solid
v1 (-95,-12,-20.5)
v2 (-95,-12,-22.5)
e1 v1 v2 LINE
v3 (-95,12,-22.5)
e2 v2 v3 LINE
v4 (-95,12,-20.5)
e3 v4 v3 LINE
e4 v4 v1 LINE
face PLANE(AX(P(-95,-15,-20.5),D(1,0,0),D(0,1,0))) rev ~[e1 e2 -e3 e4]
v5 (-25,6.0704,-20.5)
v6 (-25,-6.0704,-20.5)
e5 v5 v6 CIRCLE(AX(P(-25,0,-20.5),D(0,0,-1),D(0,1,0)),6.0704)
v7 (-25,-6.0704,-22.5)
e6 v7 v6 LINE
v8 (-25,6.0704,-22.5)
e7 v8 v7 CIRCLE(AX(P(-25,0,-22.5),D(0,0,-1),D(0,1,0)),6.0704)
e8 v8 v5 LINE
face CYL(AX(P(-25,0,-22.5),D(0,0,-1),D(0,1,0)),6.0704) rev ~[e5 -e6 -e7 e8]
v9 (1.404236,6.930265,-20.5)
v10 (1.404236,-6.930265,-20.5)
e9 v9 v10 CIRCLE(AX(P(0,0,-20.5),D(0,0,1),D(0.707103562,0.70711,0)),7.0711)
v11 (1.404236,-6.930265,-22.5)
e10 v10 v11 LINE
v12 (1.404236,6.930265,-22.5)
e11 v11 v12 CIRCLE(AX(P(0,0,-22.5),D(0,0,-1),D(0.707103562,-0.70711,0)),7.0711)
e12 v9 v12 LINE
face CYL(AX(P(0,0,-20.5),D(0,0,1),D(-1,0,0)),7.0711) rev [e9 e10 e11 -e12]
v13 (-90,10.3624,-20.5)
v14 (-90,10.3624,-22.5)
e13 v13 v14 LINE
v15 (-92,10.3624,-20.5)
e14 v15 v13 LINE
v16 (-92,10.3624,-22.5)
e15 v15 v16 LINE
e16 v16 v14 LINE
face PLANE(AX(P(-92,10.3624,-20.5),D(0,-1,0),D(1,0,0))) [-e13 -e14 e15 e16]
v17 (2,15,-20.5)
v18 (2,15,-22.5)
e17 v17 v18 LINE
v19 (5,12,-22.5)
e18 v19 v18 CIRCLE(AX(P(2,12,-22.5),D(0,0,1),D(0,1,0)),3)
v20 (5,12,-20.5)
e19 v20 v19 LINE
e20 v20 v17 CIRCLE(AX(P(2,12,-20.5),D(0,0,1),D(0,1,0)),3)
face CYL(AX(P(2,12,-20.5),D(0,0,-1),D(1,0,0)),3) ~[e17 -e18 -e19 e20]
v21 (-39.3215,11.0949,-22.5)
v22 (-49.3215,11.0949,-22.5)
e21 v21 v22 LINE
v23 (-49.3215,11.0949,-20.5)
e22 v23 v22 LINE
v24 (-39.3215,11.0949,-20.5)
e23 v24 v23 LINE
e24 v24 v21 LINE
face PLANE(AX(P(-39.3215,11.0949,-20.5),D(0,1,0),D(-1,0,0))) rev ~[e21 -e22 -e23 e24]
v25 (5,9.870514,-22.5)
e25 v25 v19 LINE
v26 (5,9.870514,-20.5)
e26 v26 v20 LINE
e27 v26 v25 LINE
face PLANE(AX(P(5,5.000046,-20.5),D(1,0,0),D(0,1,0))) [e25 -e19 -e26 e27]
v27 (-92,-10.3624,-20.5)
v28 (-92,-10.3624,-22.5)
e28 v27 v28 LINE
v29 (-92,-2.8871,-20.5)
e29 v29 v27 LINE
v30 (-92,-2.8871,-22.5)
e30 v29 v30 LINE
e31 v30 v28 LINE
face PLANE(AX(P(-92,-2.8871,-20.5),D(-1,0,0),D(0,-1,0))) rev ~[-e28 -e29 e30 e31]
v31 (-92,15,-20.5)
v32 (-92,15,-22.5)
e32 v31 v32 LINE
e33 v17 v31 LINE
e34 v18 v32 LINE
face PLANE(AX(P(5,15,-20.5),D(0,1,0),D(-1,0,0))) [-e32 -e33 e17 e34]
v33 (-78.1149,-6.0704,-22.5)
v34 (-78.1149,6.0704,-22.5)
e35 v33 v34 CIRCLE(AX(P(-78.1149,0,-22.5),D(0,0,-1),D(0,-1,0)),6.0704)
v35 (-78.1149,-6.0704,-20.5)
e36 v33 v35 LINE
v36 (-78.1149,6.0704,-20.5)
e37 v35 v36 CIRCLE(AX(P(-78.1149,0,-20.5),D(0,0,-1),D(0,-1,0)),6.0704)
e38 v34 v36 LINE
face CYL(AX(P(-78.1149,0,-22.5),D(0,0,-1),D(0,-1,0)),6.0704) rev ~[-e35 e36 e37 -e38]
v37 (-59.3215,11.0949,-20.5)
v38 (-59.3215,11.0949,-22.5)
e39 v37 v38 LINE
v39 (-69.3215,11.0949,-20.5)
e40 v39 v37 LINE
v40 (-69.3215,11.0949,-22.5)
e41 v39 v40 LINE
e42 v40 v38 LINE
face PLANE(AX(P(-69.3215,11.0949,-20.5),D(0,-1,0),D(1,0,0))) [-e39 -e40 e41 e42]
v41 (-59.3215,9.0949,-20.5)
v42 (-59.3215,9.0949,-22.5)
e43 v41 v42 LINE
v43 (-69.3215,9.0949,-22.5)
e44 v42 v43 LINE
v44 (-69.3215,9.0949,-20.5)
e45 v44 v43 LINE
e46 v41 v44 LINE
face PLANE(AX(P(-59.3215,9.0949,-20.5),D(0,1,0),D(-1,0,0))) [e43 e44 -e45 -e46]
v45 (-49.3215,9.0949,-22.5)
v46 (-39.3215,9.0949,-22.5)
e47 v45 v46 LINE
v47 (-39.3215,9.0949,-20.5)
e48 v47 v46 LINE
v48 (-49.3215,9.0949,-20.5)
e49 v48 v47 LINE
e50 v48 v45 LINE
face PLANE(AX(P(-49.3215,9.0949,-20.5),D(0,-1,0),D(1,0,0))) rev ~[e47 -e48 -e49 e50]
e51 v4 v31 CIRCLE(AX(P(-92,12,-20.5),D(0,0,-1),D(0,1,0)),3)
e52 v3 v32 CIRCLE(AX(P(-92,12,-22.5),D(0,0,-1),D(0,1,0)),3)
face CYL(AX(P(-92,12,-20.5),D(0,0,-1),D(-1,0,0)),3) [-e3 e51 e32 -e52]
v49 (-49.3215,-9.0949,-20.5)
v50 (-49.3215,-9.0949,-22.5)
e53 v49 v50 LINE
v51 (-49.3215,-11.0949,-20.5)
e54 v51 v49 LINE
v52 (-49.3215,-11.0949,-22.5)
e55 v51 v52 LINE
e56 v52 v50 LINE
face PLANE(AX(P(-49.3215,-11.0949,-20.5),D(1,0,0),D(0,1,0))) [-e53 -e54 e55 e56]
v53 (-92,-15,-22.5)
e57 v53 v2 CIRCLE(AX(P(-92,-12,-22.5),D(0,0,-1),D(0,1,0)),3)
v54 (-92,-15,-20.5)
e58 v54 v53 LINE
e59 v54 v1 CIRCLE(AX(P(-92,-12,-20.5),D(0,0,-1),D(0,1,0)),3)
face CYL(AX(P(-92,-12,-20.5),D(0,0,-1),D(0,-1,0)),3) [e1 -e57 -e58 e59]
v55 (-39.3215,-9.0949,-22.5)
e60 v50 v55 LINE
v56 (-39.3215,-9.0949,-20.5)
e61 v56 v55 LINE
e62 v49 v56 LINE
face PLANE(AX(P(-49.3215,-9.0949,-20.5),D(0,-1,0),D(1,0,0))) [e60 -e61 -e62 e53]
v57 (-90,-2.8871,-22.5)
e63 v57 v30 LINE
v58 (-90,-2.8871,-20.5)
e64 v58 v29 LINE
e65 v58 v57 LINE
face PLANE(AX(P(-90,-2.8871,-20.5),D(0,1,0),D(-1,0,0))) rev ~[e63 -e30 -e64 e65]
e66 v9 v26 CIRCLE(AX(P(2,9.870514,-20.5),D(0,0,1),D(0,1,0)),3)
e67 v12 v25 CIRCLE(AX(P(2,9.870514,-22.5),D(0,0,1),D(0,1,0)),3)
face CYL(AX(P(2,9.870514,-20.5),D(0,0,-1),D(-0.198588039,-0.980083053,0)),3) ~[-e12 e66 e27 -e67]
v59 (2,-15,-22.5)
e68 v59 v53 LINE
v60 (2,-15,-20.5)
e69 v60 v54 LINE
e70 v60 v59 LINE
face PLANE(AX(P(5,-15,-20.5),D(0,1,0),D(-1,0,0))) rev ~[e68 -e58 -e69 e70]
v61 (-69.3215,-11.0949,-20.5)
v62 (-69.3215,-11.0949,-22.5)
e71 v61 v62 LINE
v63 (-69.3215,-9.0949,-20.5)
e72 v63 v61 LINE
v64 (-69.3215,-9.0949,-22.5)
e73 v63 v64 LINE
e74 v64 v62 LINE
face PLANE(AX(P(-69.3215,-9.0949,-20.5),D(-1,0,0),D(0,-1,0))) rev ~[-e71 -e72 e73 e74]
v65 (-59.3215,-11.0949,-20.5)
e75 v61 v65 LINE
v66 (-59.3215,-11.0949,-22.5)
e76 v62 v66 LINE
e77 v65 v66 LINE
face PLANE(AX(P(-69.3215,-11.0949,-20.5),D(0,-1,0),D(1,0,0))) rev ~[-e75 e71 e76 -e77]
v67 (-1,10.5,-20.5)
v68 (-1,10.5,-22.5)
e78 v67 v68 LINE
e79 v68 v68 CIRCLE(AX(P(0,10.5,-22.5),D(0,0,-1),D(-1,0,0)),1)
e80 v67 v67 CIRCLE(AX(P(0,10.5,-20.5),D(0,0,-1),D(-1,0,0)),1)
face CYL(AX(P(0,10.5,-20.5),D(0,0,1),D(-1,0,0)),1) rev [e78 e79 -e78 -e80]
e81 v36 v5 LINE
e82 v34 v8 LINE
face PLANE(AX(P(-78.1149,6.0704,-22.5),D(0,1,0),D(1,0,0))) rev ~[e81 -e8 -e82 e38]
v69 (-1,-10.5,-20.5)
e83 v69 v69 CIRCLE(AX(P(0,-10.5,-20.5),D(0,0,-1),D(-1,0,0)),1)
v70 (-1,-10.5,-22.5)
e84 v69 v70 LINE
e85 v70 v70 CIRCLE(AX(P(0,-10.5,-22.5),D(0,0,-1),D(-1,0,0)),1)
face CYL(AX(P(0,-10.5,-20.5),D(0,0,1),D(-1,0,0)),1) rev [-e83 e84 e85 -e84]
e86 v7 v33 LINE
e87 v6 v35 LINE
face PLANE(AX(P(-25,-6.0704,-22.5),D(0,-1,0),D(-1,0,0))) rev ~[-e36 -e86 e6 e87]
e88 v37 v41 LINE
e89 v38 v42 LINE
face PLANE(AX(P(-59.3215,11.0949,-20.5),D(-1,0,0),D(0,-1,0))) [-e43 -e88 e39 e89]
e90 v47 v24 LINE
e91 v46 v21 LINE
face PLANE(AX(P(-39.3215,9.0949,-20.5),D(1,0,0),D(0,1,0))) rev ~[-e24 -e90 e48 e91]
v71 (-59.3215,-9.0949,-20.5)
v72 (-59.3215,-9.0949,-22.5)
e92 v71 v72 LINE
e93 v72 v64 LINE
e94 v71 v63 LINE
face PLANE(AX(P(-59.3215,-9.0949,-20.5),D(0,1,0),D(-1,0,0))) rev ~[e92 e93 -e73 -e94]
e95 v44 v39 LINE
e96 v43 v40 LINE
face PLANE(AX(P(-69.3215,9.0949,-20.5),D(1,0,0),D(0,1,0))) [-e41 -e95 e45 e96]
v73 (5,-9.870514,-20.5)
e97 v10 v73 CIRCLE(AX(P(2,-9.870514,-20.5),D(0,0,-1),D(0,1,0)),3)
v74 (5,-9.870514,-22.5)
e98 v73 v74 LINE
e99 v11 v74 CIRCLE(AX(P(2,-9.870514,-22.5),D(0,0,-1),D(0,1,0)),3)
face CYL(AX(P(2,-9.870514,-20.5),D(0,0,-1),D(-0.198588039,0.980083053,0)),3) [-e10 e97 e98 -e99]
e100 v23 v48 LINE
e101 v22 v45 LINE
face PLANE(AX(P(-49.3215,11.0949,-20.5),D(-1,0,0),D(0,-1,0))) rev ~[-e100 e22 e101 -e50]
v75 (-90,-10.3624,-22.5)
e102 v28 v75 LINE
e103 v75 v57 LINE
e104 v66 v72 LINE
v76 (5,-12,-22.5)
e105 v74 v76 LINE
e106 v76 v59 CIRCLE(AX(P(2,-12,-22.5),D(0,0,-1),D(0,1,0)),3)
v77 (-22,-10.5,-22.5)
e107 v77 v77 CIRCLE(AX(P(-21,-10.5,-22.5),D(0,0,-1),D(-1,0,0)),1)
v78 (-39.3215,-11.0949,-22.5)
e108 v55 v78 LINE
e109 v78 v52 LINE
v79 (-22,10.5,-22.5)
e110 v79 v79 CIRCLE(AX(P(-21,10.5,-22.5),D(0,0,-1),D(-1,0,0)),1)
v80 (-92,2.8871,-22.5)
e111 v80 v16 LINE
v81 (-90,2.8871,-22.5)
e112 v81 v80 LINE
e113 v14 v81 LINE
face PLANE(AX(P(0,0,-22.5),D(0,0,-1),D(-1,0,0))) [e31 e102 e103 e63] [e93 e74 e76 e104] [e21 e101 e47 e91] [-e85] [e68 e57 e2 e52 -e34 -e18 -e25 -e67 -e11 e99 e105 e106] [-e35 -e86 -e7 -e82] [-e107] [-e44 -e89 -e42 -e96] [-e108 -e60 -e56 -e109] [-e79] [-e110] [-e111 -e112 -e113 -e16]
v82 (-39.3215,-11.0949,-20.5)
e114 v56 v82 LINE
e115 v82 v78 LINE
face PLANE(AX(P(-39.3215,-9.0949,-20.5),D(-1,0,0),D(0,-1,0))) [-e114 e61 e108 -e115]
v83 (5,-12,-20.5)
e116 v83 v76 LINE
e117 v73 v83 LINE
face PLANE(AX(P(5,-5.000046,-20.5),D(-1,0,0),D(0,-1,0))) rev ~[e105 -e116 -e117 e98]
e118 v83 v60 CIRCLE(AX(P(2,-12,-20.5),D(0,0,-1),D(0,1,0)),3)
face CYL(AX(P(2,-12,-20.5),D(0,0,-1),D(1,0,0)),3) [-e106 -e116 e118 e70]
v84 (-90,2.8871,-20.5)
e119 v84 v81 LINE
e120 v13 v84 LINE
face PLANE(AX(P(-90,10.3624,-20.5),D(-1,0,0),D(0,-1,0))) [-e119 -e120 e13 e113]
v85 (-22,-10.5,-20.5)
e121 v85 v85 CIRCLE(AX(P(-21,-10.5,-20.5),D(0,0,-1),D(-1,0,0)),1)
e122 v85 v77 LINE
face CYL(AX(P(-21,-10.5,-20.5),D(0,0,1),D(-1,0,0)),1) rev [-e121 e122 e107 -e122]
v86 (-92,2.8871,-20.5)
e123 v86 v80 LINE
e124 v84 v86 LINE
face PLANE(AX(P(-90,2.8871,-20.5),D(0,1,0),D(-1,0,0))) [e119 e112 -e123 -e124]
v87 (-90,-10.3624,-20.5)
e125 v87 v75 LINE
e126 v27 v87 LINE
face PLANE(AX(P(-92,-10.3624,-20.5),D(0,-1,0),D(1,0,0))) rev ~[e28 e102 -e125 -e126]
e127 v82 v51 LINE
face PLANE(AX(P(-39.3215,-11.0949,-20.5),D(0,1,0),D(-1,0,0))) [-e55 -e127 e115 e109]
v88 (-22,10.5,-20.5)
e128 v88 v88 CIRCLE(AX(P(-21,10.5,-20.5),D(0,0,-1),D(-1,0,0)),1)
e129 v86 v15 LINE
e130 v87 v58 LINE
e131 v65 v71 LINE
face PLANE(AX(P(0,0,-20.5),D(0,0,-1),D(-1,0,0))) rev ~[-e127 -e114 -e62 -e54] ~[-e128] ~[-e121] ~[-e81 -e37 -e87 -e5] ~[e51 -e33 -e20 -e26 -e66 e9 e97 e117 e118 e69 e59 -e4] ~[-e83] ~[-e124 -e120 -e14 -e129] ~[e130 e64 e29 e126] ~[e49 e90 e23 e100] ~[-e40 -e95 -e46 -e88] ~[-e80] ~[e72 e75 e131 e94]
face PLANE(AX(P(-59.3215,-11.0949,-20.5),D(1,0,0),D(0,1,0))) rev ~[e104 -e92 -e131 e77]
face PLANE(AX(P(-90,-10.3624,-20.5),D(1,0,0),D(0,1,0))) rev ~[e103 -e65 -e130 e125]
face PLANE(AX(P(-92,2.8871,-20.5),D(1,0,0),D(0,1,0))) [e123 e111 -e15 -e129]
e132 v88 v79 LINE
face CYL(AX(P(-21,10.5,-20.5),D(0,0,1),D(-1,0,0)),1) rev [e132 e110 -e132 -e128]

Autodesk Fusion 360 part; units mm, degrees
sketch "Sketch1" plane through (0, 0, -20.5) normal (0, 0, -1) x (-1, 0, 0)
  line L0 (-5, 0) -> (-5, -15)
  line L1 (-5, -15) -> (95, -15)
  line L2 (95, -15) -> (95, 0)
  circle A0 centre (0, -10.5) radius 1
  circle A1 centre (21, -10.5) radius 1
  circle A2 centre (0, 0) radius 7.0711
  line L3 (92, -10.3624) -> (90, -10.3624)
  line L4 (90, -10.3624) -> (90, -2.8871)
  line L5 (90, -2.8871) -> (92, -2.8871)
  line L6 (92, -2.8871) -> (92, -10.3624)
  line L7 (100, 0) -> (42, 0) construction
  line L8 (-5, 15) -> (95, 15)
  line L9 (95, 15) -> (95, 0)
  line L10 (92, 10.3624) -> (90, 10.3624)
  line L11 (92, 2.8871) -> (92, 10.3624)
  line L12 (90, 10.3624) -> (90, 2.8871)
  line L13 (90, 2.8871) -> (92, 2.8871)
  circle A3 centre (21, 10.5) radius 1
  circle A4 centre (0, 10.5) radius 1
  line L14 (-5, 0) -> (-5, 15)
  line L15 (39.3215, 11.0949) -> (49.3215, 11.0949)
  line L16 (49.3215, 11.0949) -> (49.3215, 9.0949)
  line L17 (49.3215, 9.0949) -> (39.3215, 9.0949)
  line L18 (39.3215, 9.0949) -> (39.3215, 11.0949)
  line L19 (54.3215, 11.5) -> (54.3215, -12) construction
  line L20 (54.3215, -11.5) -> (54.3215, 12) construction
  line L21 (49.3215, -11.0949) -> (49.3215, -9.0949)
  line L22 (49.3215, -9.0949) -> (39.3215, -9.0949)
  line L23 (39.3215, -9.0949) -> (39.3215, -11.0949)
  line L24 (39.3215, -11.0949) -> (49.3215, -11.0949)
  line L25 (69.3215, 11.0949) -> (59.3215, 11.0949)
  line L26 (59.3215, 11.0949) -> (59.3215, 9.0949)
  line L27 (59.3215, 9.0949) -> (69.3215, 9.0949)
  line L28 (69.3215, 9.0949) -> (69.3215, 11.0949)
  line L29 (59.3215, -11.0949) -> (59.3215, -9.0949)
  line L30 (69.3215, -9.0949) -> (69.3215, -11.0949)
  line L31 (59.3215, -9.0949) -> (69.3215, -9.0949)
  line L32 (69.3215, -11.0949) -> (59.3215, -11.0949)
  dimension "d1" = 100
  dimension "d3" = 2
  dimension "d4" = 3
  dimension "d77" = 0
  dimension "d78" = 0
  dimension "d79" = 0
  dimension "d80" = 0
  dimension "d93" = 10
  dimension "d94" = 2
  dimension "d95" = 10
extrude "Extrude1" add sketch "Sketch1" along normal blind 2 contours L0 L1 L2 A2 L8 L9 L14
sketch "Sketch2" plane through (0, 0, -22.5) normal (0, 0, -1) x (-1, 0, 0)
  line L0 (25, -6.0704) -> (78.1149, -6.0704)
  arc A0 (78.1149, -6.0704) -> (78.1149, 6.0704) centre (78.1149, 0) ccw
  line L1 (78.1149, 6.0704) -> (25, 6.0704)
  arc A1 (25, 6.0704) -> (25, -6.0704) centre (25, 0) ccw
  line L2 (25, 0) -> (78.1149, 0) construction
extrude "Extrude2" cut sketch "Sketch2" against normal blind 2
fillet "Fillet1" radius 3 6 edges at (5, 15, -21.5) (5, 5, -21.5) (5, -5, -21.5) (5, -15, -21.5) (-95, 15, -21.5) (-95, -15, -21.5)
sketch "Sketch3" plane through (0, 0, -20.5) normal (0, 0, 1) x (1, 0, 0)
sketch "Projection" plane through (0, 0, -20.5) normal (0, 0, 1) x (1, 0, 0)
  line L0 (-25, -6.0704) -> (-78.1149, -6.0704)
  arc A0 (-78.1149, 6.0704) -> (-78.1149, -6.0704) centre (-78.1149, 0) ccw
  line L1 (-78.1149, 6.0704) -> (-25, 6.0704)
  arc A1 (-25, -6.0704) -> (-25, 6.0704) centre (-25, 0) ccw
  line L2 (-92, -2.8871) -> (-90, -2.8871)
  line L3 (-90, -2.8871) -> (-90, -10.3624)
  line L4 (-90, -10.3624) -> (-92, -10.3624)
  line L5 (-92, -10.3624) -> (-92, -2.8871)
  line L6 (-39.3215, -11.0949) -> (-49.3215, -11.0949)
  line L7 (-49.3215, -11.0949) -> (-49.3215, -9.0949)
  line L8 (-49.3215, -9.0949) -> (-39.3215, -9.0949)
  line L9 (-39.3215, -9.0949) -> (-39.3215, -11.0949)
  line L10 (-69.3215, 9.0949) -> (-69.3215, 11.0949)
  line L11 (-69.3215, 11.0949) -> (-59.3215, 11.0949)
  line L12 (-59.3215, 11.0949) -> (-59.3215, 9.0949)
  line L13 (-59.3215, 9.0949) -> (-69.3215, 9.0949)
  circle A2 centre (-21, -10.5) radius 1
  circle A3 centre (-21, 10.5) radius 1
  line L14 (-69.3215, -11.0949) -> (-69.3215, -9.0949)
  line L15 (-69.3215, -9.0949) -> (-59.3215, -9.0949)
  line L16 (-59.3215, -9.0949) -> (-59.3215, -11.0949)
  line L17 (-59.3215, -11.0949) -> (-69.3215, -11.0949)
  line L18 (-90, 2.8871) -> (-92, 2.8871)
  line L19 (-92, 2.8871) -> (-92, 10.3624)
  line L20 (-92, 10.3624) -> (-90, 10.3624)
  line L21 (-90, 10.3624) -> (-90, 2.8871)
  circle A4 centre (0, 10.5) radius 1
  line L22 (-39.3215, 9.0949) -> (-49.3215, 9.0949)
  line L23 (-49.3215, 9.0949) -> (-49.3215, 11.0949)
  line L24 (-49.3215, 11.0949) -> (-39.3215, 11.0949)
  line L25 (-39.3215, 11.0949) -> (-39.3215, 9.0949)
  circle A5 centre (0, -10.5) radius 1
  arc A6 (-95, -12) -> (-92, -15) centre (-92, -12) ccw
  line L26 (-92, -15) -> (2, -15)
  arc A7 (2, -15) -> (5, -12) centre (2, -12) ccw
  line L27 (5, -12) -> (5, -9.8705)
  arc A8 (5, -9.8705) -> (1.4042, -6.9302) centre (2, -9.8705) ccw
  arc A9 (1.4042, 6.9302) -> (1.4042, -6.9302) centre (0, 0) ccw
  arc A10 (1.4042, 6.9302) -> (5, 9.8705) centre (2, 9.8705) ccw
  line L28 (5, 9.8705) -> (5, 12)
  arc A11 (5, 12) -> (2, 15) centre (2, 12) ccw
  line L29 (2, 15) -> (-92, 15)
  arc A12 (-92, 15) -> (-95, 12) centre (-92, 12) ccw
  line L30 (-95, 12) -> (-95, -12)
equation "thiccness = 2 mm"
equation "d3 = thiccness"
equation "d11 = thiccness"
equation "d94 = thiccness"
equation "d96 = -thiccness"
